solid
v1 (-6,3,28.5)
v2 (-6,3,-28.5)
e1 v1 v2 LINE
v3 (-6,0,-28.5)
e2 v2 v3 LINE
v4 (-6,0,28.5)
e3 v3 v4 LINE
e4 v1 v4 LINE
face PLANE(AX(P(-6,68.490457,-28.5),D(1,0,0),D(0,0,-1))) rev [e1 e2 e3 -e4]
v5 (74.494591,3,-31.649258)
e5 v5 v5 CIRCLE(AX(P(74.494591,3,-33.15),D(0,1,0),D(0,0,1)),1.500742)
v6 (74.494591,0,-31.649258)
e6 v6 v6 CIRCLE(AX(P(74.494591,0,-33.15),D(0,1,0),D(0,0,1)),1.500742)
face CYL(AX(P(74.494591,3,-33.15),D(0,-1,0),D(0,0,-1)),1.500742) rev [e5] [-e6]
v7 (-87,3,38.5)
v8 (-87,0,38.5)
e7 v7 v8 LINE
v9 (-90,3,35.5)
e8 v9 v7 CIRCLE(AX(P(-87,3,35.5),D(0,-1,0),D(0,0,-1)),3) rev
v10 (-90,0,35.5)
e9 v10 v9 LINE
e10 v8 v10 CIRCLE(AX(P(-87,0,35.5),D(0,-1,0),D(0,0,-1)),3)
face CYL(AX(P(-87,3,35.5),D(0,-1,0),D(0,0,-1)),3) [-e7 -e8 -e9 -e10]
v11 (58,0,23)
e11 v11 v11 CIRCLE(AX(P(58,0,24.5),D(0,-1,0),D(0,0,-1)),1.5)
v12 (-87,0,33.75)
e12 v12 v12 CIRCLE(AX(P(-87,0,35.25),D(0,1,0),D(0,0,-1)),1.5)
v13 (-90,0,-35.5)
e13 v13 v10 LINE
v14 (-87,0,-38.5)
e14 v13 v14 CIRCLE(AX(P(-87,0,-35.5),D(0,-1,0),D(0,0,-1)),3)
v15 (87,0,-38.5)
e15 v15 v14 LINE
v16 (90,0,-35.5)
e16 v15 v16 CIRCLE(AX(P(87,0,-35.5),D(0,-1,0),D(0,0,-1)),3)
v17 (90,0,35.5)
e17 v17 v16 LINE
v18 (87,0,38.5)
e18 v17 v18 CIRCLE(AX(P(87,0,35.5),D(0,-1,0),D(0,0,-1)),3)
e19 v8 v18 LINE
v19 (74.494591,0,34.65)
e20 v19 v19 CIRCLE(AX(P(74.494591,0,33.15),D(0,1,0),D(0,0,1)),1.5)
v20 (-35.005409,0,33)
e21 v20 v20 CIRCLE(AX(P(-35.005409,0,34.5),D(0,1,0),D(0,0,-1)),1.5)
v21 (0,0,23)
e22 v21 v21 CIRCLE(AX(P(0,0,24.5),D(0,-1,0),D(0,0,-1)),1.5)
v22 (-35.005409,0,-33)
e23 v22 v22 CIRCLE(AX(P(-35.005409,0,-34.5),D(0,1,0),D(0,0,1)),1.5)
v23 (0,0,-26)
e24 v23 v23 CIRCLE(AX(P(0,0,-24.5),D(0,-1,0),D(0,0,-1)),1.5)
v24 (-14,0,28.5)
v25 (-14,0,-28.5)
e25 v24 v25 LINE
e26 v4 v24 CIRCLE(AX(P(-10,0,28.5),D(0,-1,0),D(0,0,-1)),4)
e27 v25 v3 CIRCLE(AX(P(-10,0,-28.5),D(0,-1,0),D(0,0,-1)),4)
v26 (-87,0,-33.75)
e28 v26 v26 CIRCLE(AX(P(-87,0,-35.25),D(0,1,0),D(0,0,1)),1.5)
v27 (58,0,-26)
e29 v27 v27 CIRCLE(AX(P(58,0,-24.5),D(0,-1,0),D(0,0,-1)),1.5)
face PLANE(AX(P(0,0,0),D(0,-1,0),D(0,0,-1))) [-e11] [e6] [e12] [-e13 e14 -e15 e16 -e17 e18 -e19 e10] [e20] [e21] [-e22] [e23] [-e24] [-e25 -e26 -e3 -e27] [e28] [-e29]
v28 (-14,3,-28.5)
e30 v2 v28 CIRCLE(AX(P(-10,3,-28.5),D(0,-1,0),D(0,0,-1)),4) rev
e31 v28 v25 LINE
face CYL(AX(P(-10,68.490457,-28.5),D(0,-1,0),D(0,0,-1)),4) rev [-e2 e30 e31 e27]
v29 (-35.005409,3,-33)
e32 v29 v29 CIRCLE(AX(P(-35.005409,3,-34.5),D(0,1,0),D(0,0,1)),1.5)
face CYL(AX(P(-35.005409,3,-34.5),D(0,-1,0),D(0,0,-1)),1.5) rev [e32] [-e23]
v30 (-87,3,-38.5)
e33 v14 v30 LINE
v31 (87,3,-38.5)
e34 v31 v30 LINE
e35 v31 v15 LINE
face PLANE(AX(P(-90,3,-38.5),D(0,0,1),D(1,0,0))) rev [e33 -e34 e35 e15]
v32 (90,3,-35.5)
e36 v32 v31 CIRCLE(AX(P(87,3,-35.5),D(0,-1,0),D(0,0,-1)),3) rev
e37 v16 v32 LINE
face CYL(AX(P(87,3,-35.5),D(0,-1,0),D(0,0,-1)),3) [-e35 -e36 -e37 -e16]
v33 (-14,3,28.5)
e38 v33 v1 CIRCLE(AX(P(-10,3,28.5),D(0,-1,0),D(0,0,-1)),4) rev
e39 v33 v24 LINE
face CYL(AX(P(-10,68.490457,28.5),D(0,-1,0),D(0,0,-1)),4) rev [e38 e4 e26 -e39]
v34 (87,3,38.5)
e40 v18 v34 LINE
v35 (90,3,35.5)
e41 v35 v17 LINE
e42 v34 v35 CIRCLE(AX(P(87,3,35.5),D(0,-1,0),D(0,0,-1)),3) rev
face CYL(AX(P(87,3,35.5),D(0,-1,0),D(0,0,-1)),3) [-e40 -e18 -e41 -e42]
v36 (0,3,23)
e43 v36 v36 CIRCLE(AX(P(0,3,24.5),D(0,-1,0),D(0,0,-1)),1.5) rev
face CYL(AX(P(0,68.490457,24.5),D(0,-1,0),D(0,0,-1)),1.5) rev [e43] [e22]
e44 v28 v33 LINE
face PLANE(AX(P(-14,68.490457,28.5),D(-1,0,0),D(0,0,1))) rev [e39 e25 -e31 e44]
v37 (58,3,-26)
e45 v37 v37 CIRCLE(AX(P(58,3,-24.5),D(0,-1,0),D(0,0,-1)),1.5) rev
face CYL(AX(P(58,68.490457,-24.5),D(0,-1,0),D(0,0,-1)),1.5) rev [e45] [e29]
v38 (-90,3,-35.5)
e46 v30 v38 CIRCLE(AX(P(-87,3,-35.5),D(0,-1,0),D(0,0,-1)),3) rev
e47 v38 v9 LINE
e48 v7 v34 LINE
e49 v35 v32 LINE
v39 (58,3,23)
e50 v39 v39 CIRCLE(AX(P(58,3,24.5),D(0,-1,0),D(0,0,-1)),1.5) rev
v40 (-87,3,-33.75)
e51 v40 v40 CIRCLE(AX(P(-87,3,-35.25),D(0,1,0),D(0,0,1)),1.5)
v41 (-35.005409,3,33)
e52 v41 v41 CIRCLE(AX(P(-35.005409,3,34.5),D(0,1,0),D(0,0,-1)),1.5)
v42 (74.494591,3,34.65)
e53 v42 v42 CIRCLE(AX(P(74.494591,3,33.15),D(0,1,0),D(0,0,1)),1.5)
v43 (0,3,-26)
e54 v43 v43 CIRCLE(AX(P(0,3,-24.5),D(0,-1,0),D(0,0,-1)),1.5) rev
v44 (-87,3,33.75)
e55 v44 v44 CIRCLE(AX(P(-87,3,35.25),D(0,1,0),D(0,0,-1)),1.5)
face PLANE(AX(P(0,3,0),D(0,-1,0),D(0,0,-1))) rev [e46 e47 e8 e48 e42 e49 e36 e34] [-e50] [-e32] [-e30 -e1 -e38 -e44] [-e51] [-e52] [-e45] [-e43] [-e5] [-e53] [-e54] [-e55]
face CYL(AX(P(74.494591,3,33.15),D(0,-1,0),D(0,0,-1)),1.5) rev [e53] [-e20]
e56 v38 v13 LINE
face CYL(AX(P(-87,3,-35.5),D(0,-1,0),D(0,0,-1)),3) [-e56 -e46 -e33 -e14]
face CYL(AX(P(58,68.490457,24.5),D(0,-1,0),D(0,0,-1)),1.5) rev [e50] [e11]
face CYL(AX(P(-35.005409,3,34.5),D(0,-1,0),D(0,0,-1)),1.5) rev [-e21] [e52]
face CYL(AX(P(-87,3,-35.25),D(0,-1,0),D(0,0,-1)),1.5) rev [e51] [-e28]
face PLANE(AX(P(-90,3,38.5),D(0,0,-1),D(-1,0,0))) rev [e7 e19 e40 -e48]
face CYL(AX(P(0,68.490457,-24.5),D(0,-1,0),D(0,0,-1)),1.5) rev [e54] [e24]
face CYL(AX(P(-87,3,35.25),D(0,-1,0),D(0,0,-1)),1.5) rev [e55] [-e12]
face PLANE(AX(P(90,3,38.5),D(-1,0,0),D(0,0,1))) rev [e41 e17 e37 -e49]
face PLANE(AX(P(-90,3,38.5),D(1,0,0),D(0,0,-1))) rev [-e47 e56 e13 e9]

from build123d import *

# Parameters (mm, degrees)
SKETCH1_W           = 180
SKETCH1_H           = 77
SKETCH1_R           = 1.5
SKETCH1_R_2         = 1.500742376
BOSS_EXTRUDE1_DEPTH = 3
FILLET1_R           = 3
SKETCH2_R           = 1.5
CUT_EXTRUDE1_DEPTH  = 3


with BuildPart() as part:
    # Sketch1 → Boss-Extrude1 (new body)
    with BuildSketch(Plane(origin=(0, 0, 0), x_dir=(1, 0, 0), z_dir=(0, 1, 0))):
        Rectangle(SKETCH1_W, SKETCH1_H)
        with Locations(Location((-87, 35.25, 0), (0, 0, 270))):
            Circle(SKETCH1_R, mode=Mode.SUBTRACT)
        with Locations(Location((-87, -35.25, 0), (0, 0, 90))):
            Circle(SKETCH1_R, mode=Mode.SUBTRACT)
        with Locations(Location((-35.005408935, 34.5, 0), (0, 0, 270))):
            Circle(SKETCH1_R, mode=Mode.SUBTRACT)
        with Locations(Location((-35.005408935, -34.5, 0), (0, 0, 90))):
            Circle(SKETCH1_R, mode=Mode.SUBTRACT)
        with Locations(Location((74.494591065, 33.15, 0), (0, 0, 270))):
            Circle(SKETCH1_R_2, mode=Mode.SUBTRACT)
        with Locations(Location((74.494591065, -33.15, 0), (0, 0, 270))):
            Circle(SKETCH1_R, mode=Mode.SUBTRACT)
    extrude(amount=BOSS_EXTRUDE1_DEPTH)

    # Fillet1
    fillet1_edges = [part.edges().sort_by_distance(p)[0] for p in [
        (90, 1.5, 38.5),
        (-90, 1.5, 38.5),
        (-90, 1.5, -38.5),
        (90, 1.5, -38.5),
    ]]
    fillet(fillet1_edges, radius=FILLET1_R)

    # Sketch2 → Cut-Extrude1 (cut)
    with BuildSketch(Plane.XZ):
        with Locations(Location((58, 24.5, 0), (0, 0, 270))):
            Circle(SKETCH2_R)
        with Locations(Location((58, -24.5, 0), (0, 0, 270))):
            Circle(SKETCH2_R)
        with Locations(Location((0, -24.5, 0), (0, 0, 270))):
            Circle(SKETCH2_R)
        with Locations(Location((0, 24.5, 0), (0, 0, 270))):
            Circle(SKETCH2_R)
        with BuildLine():
            Line((-14, 28.5), (-14, -28.5))
            ThreePointArc((-14, -28.5), (-10, -32.5), (-6, -28.5))
            Line((-6, -28.5), (-6, 28.5))
            ThreePointArc((-6, 28.5), (-10, 32.5), (-14, 28.5))
        make_face()
    extrude(amount=-CUT_EXTRUDE1_DEPTH, mode=Mode.SUBTRACT)


solid = part.part
